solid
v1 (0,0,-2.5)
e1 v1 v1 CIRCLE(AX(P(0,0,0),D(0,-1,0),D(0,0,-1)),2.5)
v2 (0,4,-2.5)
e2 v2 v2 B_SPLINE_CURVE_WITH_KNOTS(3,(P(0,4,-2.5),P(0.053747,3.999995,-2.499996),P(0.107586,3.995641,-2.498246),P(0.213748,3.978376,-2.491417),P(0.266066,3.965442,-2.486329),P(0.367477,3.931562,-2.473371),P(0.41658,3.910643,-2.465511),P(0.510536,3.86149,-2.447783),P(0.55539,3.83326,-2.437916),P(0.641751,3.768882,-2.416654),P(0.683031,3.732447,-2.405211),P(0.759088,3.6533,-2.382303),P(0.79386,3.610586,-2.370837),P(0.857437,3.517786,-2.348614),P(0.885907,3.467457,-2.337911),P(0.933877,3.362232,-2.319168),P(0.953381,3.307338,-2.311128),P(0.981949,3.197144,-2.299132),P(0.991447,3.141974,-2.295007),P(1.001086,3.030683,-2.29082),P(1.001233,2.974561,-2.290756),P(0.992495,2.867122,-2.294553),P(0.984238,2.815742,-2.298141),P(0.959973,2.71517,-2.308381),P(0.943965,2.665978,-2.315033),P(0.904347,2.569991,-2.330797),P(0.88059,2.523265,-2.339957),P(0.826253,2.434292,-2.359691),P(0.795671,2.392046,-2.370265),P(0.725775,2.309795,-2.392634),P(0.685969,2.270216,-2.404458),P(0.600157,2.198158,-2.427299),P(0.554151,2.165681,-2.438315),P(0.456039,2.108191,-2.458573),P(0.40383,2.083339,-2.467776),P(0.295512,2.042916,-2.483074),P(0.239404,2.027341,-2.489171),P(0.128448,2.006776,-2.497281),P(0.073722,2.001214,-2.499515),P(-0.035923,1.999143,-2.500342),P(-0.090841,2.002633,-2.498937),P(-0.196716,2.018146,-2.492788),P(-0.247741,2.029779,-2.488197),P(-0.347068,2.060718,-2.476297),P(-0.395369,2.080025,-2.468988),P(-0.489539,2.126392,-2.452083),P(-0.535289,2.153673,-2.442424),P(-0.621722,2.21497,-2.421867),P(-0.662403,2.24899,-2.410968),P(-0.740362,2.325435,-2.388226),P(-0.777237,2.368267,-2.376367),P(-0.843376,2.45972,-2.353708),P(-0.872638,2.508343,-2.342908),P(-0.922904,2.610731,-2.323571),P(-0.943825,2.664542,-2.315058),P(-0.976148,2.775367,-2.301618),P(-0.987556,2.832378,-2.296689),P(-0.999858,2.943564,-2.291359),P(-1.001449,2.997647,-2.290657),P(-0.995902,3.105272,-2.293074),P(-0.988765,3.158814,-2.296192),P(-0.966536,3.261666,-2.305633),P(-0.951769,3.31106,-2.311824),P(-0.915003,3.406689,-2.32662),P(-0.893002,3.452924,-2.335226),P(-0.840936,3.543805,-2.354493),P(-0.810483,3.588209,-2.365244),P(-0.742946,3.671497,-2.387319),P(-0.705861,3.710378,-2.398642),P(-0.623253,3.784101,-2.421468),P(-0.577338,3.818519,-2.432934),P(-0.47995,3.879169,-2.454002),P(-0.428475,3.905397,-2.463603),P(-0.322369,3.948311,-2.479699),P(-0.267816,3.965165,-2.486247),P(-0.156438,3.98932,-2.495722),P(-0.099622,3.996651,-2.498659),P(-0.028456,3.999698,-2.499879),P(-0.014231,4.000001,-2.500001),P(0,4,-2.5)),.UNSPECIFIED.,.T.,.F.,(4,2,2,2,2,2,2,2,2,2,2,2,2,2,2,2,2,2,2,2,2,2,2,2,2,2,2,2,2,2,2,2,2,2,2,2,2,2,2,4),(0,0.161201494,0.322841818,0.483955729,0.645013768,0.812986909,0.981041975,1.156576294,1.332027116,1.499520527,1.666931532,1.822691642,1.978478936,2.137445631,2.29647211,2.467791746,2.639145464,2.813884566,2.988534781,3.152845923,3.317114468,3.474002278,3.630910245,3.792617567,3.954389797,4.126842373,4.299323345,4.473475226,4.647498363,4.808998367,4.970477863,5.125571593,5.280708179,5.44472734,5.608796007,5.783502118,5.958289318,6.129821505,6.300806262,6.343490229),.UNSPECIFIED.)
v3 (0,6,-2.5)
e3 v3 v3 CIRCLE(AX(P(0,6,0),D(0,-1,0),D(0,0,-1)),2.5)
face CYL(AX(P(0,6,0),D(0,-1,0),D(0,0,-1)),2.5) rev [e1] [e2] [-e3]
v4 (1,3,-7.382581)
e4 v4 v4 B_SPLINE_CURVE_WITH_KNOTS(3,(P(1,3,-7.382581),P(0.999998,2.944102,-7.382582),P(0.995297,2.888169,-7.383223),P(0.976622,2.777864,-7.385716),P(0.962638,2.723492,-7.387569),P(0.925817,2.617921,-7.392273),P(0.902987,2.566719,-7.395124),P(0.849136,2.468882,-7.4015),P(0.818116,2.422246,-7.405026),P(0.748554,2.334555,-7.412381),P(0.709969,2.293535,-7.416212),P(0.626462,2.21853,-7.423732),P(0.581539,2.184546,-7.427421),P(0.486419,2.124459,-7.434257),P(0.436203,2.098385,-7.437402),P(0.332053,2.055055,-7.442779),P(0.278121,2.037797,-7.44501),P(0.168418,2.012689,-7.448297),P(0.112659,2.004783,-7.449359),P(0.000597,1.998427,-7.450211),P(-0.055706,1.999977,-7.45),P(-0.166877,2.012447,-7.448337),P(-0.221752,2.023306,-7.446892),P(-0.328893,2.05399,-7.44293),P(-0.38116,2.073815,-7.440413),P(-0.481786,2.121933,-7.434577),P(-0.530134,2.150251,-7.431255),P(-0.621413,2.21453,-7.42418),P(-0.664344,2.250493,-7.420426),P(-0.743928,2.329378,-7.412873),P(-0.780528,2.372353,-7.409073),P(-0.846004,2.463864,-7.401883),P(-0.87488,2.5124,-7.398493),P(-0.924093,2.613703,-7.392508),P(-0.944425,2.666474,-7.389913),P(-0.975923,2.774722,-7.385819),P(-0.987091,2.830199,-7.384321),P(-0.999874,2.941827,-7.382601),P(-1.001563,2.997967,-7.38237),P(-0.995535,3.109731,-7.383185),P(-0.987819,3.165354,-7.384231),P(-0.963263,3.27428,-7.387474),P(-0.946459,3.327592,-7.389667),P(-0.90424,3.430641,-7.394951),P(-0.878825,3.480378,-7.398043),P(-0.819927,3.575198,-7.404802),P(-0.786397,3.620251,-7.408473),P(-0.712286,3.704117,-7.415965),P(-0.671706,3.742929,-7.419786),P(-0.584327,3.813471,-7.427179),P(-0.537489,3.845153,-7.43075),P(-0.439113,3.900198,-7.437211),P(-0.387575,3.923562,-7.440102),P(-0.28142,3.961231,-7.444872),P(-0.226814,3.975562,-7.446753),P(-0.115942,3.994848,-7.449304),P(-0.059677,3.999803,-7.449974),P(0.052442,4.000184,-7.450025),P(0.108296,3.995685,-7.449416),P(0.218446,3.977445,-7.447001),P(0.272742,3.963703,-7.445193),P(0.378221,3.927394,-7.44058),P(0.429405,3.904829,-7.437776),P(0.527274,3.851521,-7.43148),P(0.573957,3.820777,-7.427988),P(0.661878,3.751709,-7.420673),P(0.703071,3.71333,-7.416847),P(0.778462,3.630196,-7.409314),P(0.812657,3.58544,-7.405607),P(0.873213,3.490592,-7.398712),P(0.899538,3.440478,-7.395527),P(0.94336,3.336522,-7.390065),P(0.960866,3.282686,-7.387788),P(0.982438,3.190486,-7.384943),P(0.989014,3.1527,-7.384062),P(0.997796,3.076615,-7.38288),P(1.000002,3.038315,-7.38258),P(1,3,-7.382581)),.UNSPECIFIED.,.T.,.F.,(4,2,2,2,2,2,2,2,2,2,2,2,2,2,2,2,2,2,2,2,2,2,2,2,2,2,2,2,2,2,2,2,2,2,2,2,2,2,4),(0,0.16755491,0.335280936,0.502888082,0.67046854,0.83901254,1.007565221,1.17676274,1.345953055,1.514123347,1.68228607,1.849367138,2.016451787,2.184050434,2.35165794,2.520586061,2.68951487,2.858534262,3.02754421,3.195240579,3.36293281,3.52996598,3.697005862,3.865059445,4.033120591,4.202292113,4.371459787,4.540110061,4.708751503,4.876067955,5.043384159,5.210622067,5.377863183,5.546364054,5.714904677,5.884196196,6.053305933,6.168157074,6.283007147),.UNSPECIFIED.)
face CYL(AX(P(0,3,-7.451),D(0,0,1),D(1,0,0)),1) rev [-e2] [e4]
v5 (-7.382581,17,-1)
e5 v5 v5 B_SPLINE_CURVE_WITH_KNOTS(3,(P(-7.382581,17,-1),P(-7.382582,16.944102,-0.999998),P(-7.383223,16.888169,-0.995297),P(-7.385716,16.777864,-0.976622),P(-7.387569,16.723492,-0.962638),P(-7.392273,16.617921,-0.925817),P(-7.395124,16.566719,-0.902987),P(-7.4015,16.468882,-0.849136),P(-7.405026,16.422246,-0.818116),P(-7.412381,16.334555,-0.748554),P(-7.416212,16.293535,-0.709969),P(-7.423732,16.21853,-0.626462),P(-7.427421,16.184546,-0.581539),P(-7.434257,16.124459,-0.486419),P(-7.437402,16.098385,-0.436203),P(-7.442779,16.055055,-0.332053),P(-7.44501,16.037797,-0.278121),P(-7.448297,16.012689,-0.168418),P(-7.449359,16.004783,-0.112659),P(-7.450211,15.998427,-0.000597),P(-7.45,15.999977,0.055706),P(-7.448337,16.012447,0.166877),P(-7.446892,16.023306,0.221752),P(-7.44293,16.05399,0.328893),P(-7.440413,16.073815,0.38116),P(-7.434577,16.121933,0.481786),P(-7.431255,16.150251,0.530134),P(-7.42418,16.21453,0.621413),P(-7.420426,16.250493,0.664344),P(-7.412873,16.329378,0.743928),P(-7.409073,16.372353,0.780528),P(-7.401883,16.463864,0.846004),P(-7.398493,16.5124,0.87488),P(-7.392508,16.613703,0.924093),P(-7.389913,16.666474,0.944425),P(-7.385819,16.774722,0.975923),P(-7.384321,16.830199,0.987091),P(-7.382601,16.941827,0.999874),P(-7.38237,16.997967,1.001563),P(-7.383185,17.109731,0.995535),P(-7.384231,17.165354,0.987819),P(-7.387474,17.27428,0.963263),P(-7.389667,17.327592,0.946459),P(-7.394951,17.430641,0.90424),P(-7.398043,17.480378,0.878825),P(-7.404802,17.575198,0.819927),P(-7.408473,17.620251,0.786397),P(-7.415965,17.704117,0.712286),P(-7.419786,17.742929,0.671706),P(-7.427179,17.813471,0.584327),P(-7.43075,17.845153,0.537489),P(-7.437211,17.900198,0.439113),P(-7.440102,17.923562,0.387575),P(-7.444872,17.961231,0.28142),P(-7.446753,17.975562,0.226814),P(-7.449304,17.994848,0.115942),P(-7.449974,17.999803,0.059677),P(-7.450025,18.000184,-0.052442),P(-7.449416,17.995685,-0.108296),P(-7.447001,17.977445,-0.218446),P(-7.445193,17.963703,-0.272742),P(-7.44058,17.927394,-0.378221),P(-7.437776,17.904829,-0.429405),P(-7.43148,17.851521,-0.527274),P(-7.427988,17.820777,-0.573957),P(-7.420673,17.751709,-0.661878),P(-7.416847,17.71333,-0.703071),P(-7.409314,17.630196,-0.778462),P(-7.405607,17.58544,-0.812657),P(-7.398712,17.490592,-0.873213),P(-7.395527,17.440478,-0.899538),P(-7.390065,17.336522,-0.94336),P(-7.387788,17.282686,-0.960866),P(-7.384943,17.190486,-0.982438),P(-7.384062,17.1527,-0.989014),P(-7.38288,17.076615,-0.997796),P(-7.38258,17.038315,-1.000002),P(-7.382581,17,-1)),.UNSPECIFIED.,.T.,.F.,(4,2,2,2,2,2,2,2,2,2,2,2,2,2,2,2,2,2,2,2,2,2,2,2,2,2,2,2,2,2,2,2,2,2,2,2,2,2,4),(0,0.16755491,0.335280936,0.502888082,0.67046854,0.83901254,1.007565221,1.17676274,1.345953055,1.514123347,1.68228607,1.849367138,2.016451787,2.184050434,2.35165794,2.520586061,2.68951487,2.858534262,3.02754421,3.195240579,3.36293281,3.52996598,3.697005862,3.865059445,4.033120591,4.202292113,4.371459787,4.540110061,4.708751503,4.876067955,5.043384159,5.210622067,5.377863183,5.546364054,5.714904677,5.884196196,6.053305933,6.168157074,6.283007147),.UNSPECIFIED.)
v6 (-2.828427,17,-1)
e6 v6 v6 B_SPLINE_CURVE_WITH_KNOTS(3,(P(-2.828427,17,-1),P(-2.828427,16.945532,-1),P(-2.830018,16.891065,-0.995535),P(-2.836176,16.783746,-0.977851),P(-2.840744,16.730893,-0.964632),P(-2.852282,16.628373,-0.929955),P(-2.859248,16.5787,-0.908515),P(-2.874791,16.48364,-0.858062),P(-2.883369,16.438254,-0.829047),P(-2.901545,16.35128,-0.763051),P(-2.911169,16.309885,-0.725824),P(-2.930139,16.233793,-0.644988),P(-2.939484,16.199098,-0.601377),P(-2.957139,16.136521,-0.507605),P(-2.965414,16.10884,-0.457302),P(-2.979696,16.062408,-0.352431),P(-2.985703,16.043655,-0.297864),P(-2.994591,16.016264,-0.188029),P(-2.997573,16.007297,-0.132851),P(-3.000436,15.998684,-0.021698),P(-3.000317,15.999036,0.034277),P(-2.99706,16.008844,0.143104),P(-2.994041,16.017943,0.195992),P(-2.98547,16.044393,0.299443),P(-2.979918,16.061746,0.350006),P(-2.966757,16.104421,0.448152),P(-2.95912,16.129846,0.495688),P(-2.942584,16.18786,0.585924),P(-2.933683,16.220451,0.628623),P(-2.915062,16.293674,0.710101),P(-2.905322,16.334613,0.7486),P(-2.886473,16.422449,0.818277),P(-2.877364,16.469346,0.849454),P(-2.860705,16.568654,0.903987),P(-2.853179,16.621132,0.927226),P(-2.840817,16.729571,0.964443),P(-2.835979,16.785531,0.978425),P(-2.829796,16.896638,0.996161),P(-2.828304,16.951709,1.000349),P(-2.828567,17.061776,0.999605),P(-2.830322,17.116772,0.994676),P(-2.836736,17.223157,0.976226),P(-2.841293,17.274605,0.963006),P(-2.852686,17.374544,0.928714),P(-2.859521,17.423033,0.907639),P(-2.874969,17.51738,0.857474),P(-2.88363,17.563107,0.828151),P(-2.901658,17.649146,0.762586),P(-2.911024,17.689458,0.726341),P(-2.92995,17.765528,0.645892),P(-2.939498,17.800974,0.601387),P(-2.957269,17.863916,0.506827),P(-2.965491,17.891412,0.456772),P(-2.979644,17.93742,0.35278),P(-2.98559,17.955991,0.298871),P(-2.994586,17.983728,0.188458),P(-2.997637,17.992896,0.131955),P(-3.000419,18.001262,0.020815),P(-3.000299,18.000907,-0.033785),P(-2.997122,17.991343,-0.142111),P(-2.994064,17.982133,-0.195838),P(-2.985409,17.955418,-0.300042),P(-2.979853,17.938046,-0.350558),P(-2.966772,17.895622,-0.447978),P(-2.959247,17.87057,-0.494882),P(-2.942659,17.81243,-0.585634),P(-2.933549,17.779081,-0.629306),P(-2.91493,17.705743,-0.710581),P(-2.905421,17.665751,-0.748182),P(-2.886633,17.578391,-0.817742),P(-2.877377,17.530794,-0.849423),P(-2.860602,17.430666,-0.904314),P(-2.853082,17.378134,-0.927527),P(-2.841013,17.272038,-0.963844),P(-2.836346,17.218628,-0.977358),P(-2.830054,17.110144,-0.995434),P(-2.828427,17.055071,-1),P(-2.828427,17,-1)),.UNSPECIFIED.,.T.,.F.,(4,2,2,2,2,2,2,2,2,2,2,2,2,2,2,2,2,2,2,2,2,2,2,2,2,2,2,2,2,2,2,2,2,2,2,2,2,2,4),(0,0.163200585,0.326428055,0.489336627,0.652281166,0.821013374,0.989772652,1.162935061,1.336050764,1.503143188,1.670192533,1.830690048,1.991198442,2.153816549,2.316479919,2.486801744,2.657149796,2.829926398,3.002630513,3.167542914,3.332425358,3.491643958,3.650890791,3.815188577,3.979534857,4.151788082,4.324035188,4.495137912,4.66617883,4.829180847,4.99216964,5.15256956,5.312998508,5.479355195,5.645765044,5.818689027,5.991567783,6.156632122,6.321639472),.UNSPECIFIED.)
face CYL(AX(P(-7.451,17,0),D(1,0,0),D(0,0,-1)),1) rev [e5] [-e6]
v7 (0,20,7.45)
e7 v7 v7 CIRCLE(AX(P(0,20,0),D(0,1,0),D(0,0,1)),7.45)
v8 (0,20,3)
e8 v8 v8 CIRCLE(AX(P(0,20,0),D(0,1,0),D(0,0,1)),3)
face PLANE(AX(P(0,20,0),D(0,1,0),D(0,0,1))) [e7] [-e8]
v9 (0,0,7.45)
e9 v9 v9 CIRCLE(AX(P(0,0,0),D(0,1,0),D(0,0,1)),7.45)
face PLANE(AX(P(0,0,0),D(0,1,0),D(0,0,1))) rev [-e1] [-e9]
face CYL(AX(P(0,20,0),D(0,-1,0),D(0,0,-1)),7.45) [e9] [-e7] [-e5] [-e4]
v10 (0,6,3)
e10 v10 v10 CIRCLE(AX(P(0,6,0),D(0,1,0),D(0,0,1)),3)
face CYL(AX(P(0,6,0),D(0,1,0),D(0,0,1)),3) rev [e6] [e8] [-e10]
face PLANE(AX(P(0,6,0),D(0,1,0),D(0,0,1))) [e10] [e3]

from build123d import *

# Parameters (mm, degrees)
SKETCH1_R               = 7.45
BOSS_EXTRUDE1_DEPTH     = 20
SKETCH2_R               = 3
CUT_EXTRUDE1_DEPTH      = 14
SKETCH3_R               = 2.5
CUT_EXTRUDE2_DEPTH      = 6
CUT_EXTRUDE3_REACH      = 24.605
CUT_EXTRUDE3_END_RADIUS = 7.45
SKETCH4_R               = 1
CUT_EXTRUDE4_REACH      = 24.605
CUT_EXTRUDE4_END_RADIUS = 7.45
SKETCH6_R               = 1


with BuildPart() as part:
    # Sketch1 → Boss-Extrude1 (new body)
    with BuildSketch(Plane(origin=(0, 0, 0), x_dir=(1, 0, 0), z_dir=(0, 1, 0))):
        with Locations(Location((0, 0, 0), (0, 0, 270))):
            Circle(SKETCH1_R)
    extrude(amount=BOSS_EXTRUDE1_DEPTH)

    # Sketch2 → Cut-Extrude1 (cut)
    with BuildSketch(Plane(origin=(0, 20, 0), x_dir=(1, 0, 0), z_dir=(0, 1, 0))):
        with Locations(Location((0, 0, 0), (0, 0, 270))):
            Circle(SKETCH2_R)
    extrude(amount=-CUT_EXTRUDE1_DEPTH, mode=Mode.SUBTRACT)

    # Sketch3 → Cut-Extrude2 (cut)
    with BuildSketch(Plane.XZ):
        with Locations(Location((0, 0, 0), (0, 0, 270))):
            Circle(SKETCH3_R)
    extrude(amount=-CUT_EXTRUDE2_DEPTH, mode=Mode.SUBTRACT)

    # Cut-Extrude3: up to this cylinder (the profile starts inside it)
    cut_extrude3_end = Plane(origin=(0, 17, 0), z_dir=(0, -1, 0)) * Cylinder(CUT_EXTRUDE3_END_RADIUS, 65.11, mode=Mode.PRIVATE)
    # Sketch4 → Cut-Extrude3 (cut, up to the surface)
    with BuildSketch(Plane(origin=(0, 0, 0), x_dir=(0, 0, -1), z_dir=(1, 0, 0)), mode=Mode.PRIVATE) as cut_extrude3_sk1:
        with Locations((0, 17)):
            Circle(SKETCH4_R)
    cut_extrude3_tool1 = extrude(cut_extrude3_sk1.sketch, amount=-CUT_EXTRUDE3_REACH, mode=Mode.PRIVATE) & cut_extrude3_end
    add(cut_extrude3_tool1.solids().sort_by_distance((0, 17, 0))[0], mode=Mode.SUBTRACT)

    # Cut-Extrude4: up to this cylinder (the profile starts inside it)
    cut_extrude4_end = Plane(origin=(0, 3, 0), z_dir=(0, -1, 0)) * Cylinder(CUT_EXTRUDE4_END_RADIUS, 65.11, mode=Mode.PRIVATE)
    # Sketch6 → Cut-Extrude4 (cut, up to the surface)
    with BuildSketch(Plane.XY, mode=Mode.PRIVATE) as cut_extrude4_sk1:
        with Locations((0, 3)):
            Circle(SKETCH6_R)
    cut_extrude4_tool1 = extrude(cut_extrude4_sk1.sketch, amount=-CUT_EXTRUDE4_REACH, mode=Mode.PRIVATE) & cut_extrude4_end
    add(cut_extrude4_tool1.solids().sort_by_distance((0, 3, 0))[0], mode=Mode.SUBTRACT)


solid = part.part
